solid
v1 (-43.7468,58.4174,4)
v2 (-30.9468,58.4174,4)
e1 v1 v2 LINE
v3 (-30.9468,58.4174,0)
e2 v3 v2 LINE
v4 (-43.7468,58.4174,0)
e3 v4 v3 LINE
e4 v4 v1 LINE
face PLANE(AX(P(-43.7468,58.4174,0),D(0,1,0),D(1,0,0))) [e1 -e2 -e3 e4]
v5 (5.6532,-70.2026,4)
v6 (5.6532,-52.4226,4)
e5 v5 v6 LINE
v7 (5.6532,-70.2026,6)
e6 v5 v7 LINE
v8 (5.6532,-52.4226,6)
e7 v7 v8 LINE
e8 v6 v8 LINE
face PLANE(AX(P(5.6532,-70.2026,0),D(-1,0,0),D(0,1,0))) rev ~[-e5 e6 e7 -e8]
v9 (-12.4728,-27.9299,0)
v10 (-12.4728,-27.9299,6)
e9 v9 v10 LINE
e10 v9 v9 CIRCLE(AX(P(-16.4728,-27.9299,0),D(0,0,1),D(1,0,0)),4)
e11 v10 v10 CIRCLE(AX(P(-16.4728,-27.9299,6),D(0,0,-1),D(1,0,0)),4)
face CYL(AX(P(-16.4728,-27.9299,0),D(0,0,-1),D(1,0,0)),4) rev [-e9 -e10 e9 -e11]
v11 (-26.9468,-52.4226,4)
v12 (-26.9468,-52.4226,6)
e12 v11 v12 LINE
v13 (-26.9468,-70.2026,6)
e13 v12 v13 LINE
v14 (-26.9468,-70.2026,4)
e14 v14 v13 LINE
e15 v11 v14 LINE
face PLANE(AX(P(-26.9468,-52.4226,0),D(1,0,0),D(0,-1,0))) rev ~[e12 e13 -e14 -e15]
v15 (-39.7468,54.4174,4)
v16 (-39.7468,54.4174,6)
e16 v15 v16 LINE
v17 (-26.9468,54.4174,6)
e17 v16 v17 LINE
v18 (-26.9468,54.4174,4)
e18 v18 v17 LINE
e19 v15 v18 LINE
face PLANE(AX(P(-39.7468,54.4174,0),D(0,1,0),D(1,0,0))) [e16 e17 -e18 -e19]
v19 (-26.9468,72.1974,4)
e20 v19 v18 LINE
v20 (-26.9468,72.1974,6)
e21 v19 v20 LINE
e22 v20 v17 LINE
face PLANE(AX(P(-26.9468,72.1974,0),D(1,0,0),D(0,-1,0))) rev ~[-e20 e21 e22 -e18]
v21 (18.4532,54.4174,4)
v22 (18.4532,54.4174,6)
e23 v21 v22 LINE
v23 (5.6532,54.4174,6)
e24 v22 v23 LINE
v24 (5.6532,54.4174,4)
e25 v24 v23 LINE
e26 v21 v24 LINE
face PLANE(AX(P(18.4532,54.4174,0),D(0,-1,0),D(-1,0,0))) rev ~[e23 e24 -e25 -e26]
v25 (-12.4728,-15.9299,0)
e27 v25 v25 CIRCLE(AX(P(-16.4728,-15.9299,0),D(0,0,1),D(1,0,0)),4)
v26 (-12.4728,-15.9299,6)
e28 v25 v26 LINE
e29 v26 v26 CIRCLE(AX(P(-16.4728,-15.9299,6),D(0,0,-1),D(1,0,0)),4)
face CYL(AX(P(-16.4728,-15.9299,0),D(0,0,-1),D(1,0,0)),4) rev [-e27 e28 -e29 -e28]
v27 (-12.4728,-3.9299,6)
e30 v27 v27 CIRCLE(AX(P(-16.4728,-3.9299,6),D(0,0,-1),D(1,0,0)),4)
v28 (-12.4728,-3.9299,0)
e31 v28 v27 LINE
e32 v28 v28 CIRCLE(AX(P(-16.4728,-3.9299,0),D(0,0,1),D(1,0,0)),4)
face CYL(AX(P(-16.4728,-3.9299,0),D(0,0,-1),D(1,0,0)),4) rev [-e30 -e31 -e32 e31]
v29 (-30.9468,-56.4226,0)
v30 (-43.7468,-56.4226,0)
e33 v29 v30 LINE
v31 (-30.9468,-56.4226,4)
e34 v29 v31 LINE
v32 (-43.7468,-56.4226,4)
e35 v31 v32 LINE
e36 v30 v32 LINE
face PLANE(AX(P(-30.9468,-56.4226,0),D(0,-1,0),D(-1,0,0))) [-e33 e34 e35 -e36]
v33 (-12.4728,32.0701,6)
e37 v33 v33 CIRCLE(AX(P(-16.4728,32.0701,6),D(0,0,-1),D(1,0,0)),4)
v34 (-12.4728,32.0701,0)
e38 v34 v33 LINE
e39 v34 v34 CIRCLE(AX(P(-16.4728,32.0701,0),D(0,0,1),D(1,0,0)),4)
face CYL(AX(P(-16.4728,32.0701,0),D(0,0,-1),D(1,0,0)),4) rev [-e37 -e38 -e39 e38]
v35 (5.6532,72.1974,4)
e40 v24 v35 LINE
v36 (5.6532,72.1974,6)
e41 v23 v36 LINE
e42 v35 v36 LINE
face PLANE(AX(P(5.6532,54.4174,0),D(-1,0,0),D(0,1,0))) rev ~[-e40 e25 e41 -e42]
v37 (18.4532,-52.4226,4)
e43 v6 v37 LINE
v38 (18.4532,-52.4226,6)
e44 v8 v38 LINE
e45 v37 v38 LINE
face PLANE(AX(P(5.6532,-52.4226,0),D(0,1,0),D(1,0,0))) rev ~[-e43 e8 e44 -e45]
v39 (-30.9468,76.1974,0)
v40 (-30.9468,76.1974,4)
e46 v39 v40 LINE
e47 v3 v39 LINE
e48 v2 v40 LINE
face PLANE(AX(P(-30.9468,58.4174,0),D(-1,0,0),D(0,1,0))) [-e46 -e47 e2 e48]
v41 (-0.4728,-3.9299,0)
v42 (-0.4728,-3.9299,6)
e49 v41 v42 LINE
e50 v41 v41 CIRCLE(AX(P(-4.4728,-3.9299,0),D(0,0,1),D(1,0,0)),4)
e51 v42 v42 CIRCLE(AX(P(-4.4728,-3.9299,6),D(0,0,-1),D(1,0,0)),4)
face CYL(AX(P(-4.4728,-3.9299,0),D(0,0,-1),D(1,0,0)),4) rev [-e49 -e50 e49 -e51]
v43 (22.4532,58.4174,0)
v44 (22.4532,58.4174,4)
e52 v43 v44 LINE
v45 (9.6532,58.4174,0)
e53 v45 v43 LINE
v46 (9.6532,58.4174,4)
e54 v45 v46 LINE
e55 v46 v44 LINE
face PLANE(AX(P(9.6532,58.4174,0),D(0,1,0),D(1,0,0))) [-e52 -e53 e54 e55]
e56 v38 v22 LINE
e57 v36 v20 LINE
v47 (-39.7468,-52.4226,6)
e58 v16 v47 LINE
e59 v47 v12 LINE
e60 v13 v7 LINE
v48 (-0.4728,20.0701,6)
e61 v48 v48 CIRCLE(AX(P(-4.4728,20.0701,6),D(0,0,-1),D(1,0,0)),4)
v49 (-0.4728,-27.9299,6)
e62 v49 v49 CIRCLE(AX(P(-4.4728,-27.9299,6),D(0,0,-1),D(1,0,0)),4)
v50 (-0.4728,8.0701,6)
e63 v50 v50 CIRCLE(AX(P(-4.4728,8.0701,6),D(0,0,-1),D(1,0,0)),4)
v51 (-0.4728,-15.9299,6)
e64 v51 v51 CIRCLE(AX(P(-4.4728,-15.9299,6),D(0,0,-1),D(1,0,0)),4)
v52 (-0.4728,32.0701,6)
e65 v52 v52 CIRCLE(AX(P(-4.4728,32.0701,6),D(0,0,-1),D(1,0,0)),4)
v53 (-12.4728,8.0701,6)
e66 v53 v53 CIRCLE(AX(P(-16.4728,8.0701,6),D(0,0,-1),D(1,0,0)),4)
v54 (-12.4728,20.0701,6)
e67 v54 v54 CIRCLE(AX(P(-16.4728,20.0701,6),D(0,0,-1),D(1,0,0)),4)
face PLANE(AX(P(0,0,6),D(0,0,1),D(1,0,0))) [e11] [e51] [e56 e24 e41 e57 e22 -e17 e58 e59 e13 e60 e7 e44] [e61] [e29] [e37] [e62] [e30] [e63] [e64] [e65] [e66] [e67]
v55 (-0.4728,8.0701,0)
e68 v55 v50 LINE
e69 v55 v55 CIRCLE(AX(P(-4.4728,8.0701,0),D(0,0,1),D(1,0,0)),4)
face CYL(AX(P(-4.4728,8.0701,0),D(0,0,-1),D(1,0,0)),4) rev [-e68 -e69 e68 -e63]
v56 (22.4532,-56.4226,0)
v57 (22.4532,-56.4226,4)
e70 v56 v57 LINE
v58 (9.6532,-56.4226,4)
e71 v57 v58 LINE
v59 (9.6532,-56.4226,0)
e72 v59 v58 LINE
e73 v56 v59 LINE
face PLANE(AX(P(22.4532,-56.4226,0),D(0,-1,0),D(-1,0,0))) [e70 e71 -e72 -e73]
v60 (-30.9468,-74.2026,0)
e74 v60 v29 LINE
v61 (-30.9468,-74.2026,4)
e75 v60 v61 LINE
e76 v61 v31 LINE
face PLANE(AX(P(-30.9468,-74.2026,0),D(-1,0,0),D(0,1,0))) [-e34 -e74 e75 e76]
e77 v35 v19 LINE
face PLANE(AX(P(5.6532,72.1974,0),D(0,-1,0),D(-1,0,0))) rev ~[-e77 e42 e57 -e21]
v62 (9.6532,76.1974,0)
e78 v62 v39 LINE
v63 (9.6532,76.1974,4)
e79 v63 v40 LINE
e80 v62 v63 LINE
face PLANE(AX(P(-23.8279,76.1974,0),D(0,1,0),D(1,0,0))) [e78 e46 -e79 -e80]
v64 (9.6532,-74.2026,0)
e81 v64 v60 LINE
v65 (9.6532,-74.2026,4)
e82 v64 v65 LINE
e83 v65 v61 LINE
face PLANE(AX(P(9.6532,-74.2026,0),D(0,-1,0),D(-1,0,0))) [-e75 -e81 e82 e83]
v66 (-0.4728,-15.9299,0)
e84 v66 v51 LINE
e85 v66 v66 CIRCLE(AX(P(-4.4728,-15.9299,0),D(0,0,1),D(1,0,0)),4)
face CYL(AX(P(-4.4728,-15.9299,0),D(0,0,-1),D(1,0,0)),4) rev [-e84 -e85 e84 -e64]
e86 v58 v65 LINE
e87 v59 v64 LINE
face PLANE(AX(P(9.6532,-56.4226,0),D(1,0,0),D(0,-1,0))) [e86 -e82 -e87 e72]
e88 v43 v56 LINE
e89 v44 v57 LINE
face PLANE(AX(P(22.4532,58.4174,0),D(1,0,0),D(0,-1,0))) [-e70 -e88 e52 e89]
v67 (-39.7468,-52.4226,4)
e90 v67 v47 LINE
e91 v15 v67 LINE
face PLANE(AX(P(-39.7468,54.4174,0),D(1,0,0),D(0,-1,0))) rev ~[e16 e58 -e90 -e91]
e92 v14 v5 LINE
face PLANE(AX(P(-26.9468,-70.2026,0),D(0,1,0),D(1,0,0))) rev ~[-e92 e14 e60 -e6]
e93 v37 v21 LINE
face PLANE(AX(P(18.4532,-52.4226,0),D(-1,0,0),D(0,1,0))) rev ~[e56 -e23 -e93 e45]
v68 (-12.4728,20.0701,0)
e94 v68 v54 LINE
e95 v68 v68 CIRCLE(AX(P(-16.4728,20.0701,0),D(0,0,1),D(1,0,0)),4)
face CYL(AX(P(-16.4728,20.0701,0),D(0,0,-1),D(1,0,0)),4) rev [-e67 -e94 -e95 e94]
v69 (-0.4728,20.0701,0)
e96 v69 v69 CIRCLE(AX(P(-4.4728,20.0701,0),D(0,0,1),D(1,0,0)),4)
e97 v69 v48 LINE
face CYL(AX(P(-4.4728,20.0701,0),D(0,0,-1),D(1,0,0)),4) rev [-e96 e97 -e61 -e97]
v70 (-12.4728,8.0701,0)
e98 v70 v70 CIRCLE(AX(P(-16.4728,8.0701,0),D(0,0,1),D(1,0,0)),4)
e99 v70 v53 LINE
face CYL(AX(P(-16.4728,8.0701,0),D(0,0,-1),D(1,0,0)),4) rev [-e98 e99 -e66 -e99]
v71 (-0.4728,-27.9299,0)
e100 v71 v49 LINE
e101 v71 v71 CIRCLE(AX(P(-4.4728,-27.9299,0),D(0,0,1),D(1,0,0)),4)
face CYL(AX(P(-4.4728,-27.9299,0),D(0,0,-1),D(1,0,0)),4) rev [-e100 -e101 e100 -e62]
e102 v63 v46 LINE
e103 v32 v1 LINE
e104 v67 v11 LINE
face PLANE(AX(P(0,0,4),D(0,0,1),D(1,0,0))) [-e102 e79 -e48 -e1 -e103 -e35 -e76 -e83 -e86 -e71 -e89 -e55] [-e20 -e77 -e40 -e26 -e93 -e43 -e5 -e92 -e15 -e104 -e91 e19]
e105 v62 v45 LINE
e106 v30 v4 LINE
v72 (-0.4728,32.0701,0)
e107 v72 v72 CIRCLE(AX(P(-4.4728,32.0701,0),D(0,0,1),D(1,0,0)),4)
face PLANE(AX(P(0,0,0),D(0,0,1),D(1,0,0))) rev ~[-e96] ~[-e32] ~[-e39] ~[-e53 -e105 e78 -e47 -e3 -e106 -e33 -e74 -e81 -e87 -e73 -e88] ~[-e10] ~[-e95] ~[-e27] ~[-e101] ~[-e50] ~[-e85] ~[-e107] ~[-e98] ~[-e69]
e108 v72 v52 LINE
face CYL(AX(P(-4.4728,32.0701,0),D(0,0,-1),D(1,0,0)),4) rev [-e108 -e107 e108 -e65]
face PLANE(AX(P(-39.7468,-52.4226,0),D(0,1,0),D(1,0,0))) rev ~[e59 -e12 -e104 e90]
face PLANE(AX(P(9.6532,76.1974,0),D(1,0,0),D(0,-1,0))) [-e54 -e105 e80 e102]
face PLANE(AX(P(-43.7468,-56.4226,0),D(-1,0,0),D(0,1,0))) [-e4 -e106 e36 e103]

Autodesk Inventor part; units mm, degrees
ref_plane "YZ Plane" through (0, 0, 0) normal (1, 0, 0) x (0, 1, 0)
ref_plane "XZ Plane" through (0, 0, 0) normal (0, 1, 0) x (-1, 0, 0)
ref_plane "XY Plane" through (0, 0, 0) normal (0, 0, 1) x (1, 0, 0)
sketch "Sketch1" plane through (0, 0, 0) normal (0, 0, 1) x (1, 0, 0)
  line L0 (-39.7468, 54.4174) -> (-39.7468, -52.4226)
  line L1 (-39.7468, -52.4226) -> (-26.9468, -52.4226)
  line L2 (-26.9468, -52.4226) -> (-26.9468, -70.2026)
  line L3 (-26.9468, -70.2026) -> (5.6532, -70.2026)
  line L4 (5.6532, -70.2026) -> (5.6532, -52.4226)
  line L5 (5.6532, -52.4226) -> (18.4532, -52.4226)
  line L6 (18.4532, -52.4226) -> (18.4532, 54.4174)
  line L7 (18.4532, 54.4174) -> (5.6532, 54.4174)
  line L8 (5.6532, 54.4174) -> (5.6532, 72.1974)
  line L9 (5.6532, 72.1974) -> (-26.9468, 72.1974)
  line L10 (-26.9468, 72.1974) -> (-26.9468, 54.4174)
  line L11 (-39.7468, 54.4174) -> (-26.9468, 54.4174)
  line L12 (-23.8279, 76.1974) -> (9.6532, 76.1974)
  line L13 (9.6532, 76.1974) -> (9.6532, 58.4174)
  line L14 (9.6532, 58.4174) -> (22.4532, 58.4174)
  line L15 (22.4532, 58.4174) -> (22.4532, -56.4226)
  line L16 (22.4532, -56.4226) -> (9.6532, -56.4226)
  line L17 (9.6532, -56.4226) -> (9.6532, -74.2026)
  line L18 (9.6532, -74.2026) -> (-30.9468, -74.2026)
  line L19 (-30.9468, -74.2026) -> (-30.9468, -56.4226)
  line L20 (-30.9468, -56.4226) -> (-43.7468, -56.4226)
  line L21 (-43.7468, -56.4226) -> (-43.7468, 58.4174)
  line L22 (-43.7468, 58.4174) -> (-30.9468, 58.4174)
  line L23 (-30.9468, 76.1974) -> (-23.8279, 76.1974)
  line L24 (-30.9468, 58.4174) -> (-30.9468, 76.1974)
  point P0 (0, 0)
  dimension "d0" = 106.84
  dimension "d1" = 142.4
  dimension "d2" = 17.78
  dimension "d3" = 17.78
  dimension "d4" = 32.6
  dimension "d5" = 12.8
  dimension "d6" = 12.8
  dimension "d7" = 4
  dimension "d8" = 4
  dimension "d9" = 4
  dimension "d10" = 4
  dimension "d11" = 4
  dimension "d12" = 4
  dimension "d13" = 4
  dimension "d14" = 4
  dimension "d15" = 4
sketch "Sketch2" plane through (0, 0, 0) normal (0, 0, 1) x (1, 0, 0)
  circle A0 centre (-4.4728, 32.0701) radius 4
  circle A1 centre (-16.4728, 32.0701) radius 4
  circle A2 centre (-4.4728, 20.0701) radius 4
  circle A3 centre (-16.4728, 20.0701) radius 4
  circle A4 centre (-4.4728, 8.0701) radius 4
  circle A5 centre (-16.4728, 8.0701) radius 4
  circle A6 centre (-4.4728, -3.9299) radius 4
  circle A7 centre (-16.4728, -15.9299) radius 4
  circle A8 centre (-4.4728, -15.9299) radius 4
  circle A9 centre (-16.4728, -3.9299) radius 4
  circle A10 centre (-4.4728, -27.9299) radius 4
  circle A11 centre (-16.4728, -27.9299) radius 4
  point P0 (0, 0)
  dimension "d22" = 8
  dimension "d27" = 8
  dimension "d30" = 8
  dimension "d34" = 8
  dimension "d38" = 8
  dimension "d42" = 8
  dimension "d59" = 12
  dimension "d63" = 12
  dimension "d67" = 12
  dimension "d70" = 12
  dimension "d71" = 12
  dimension "d75" = 12
  dimension "d93" = 12
  dimension "d94" = 0
  dimension "d97" = 0
  dimension "d98" = 12
  dimension "d102" = 0
  dimension "d103" = 12
extrude "Extrusion1" add sketch "Sketch1" along normal blind 6 contours L11 L10 L9 L8 L7 L6 L5 L4 L3 L2 L1 L0
extrude "Extrusion2" add sketch "Sketch1" along normal blind 4
extrude "Extrusion3" cut sketch "Sketch2" along normal blind 12
properties part number "rib"
